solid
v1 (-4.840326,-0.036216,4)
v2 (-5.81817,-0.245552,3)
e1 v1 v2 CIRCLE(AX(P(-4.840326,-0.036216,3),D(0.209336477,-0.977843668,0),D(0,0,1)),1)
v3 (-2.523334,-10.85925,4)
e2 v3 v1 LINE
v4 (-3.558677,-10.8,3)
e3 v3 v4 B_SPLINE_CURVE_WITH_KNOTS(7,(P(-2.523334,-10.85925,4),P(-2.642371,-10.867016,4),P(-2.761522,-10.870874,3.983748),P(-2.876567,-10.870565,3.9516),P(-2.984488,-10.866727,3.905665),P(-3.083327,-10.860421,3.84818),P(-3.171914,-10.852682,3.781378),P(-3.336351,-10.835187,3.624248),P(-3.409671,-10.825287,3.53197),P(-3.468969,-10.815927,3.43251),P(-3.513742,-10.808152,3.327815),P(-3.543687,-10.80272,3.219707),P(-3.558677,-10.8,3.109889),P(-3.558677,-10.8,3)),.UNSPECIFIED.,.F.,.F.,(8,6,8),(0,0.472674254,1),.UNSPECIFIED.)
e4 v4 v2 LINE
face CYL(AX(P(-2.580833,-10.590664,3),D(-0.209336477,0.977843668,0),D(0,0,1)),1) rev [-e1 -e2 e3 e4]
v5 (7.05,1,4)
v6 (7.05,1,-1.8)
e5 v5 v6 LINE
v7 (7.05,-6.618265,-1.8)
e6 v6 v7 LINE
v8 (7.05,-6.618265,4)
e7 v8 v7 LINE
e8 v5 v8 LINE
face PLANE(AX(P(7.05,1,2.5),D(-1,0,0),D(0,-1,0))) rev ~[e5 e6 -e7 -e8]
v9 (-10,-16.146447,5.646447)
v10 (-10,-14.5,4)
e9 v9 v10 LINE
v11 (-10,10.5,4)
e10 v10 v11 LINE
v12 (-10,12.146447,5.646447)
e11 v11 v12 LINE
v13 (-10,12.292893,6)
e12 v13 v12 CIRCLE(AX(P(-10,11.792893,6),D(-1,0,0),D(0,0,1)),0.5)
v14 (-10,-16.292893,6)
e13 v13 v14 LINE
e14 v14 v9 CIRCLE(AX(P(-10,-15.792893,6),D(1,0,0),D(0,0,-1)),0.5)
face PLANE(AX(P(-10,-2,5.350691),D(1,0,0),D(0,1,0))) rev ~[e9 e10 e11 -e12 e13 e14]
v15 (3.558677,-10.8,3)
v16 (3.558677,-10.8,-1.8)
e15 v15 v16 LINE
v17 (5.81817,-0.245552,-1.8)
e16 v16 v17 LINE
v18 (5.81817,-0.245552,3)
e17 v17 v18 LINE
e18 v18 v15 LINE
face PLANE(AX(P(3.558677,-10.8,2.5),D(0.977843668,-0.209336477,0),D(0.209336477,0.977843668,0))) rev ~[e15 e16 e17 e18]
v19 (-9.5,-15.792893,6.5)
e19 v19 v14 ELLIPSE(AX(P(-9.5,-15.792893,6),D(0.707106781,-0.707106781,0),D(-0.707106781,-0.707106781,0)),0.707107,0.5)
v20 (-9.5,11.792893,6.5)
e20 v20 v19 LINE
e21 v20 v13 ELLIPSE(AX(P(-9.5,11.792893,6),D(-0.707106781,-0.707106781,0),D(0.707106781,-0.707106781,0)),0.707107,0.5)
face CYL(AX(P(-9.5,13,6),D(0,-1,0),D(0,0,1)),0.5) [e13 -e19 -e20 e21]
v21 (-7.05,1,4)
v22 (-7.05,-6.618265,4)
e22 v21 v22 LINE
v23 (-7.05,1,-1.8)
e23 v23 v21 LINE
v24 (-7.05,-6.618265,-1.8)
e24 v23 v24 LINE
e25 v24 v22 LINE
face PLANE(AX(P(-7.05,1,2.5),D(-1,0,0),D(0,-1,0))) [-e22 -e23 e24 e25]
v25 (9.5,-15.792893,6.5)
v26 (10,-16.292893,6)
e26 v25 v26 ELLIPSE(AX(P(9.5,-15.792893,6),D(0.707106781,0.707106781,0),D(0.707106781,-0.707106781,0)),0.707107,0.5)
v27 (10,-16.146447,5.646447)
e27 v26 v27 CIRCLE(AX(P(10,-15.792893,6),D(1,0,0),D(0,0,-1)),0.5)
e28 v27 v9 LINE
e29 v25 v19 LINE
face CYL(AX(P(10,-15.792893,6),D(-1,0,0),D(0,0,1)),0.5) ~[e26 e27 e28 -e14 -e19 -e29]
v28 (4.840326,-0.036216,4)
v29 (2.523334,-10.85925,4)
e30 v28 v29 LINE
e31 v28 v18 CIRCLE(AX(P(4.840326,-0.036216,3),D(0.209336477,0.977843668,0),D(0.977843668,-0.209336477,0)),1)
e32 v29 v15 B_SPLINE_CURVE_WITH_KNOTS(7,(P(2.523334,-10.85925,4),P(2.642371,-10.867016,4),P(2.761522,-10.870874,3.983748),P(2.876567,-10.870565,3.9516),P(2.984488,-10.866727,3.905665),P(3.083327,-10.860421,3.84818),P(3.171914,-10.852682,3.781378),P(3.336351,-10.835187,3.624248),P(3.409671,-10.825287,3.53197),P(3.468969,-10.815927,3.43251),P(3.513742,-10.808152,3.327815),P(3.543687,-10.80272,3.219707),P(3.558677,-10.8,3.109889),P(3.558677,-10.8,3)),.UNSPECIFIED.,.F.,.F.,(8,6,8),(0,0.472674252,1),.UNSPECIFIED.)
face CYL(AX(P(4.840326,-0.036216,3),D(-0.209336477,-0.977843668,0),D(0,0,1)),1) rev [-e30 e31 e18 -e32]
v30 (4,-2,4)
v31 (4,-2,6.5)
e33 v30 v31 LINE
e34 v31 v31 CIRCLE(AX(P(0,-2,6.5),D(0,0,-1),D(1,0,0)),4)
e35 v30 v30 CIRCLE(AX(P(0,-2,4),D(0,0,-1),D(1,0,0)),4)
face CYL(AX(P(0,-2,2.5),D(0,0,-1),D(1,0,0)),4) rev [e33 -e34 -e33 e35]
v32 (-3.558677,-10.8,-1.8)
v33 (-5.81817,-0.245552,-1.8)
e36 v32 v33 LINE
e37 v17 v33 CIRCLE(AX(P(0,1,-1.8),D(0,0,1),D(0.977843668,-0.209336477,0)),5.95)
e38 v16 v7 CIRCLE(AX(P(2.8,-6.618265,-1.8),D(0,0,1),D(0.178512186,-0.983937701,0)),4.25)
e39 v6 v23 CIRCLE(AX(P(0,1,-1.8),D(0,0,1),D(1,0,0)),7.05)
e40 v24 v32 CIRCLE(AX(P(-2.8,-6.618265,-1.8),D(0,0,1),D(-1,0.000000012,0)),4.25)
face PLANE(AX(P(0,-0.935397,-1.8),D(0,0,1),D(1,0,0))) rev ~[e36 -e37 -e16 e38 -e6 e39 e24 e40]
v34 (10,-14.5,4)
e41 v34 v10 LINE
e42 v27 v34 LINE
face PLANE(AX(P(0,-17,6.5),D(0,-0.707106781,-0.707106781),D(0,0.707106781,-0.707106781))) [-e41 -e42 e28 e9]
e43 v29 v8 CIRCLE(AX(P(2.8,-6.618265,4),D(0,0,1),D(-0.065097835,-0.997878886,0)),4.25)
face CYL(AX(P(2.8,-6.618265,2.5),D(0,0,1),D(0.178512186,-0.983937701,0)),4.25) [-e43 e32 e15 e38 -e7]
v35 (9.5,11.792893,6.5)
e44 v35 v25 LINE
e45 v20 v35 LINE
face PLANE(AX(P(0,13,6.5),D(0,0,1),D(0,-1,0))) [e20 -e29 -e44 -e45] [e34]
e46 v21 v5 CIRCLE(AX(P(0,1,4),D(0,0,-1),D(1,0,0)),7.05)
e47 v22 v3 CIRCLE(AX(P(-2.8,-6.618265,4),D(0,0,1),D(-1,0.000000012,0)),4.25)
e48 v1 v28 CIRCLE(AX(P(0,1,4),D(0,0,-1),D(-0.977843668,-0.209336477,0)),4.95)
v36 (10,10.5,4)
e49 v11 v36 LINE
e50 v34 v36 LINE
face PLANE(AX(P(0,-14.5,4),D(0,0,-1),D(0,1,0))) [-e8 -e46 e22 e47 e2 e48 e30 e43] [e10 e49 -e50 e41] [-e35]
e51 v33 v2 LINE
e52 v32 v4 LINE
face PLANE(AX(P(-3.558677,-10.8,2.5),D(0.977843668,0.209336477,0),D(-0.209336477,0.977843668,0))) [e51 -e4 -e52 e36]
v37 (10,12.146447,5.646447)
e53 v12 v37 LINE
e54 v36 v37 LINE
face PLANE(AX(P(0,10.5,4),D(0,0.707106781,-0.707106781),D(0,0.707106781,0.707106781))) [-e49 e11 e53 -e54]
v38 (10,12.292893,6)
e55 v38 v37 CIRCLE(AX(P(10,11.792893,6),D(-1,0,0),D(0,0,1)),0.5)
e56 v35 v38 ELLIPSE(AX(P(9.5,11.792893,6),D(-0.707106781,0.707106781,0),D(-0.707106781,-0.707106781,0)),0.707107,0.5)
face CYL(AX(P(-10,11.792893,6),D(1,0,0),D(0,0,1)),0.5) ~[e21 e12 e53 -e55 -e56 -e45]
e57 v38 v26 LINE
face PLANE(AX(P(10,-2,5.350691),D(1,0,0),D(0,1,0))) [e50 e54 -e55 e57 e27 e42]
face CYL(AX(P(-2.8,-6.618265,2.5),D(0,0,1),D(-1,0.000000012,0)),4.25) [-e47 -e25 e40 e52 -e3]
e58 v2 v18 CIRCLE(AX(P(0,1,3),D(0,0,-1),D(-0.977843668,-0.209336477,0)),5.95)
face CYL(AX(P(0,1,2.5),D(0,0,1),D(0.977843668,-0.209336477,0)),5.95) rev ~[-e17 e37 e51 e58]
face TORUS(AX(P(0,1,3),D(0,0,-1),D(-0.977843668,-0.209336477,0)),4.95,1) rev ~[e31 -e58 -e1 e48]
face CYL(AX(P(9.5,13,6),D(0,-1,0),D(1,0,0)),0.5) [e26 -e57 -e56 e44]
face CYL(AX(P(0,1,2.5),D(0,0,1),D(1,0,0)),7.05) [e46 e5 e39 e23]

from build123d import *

# Parameters (mm, degrees)
PAD032_DEPTH         = 10
PAD033_DEPTH         = 2.5
PAD033_DEPTH_BACK    = 4.3
FILLET011_R          = 0.5
FILLET012_R          = 1
SKETCH084_R          = 4
POCKET025_DEPTH      = 4.3010001
POCKET025_DEPTH_BACK = 4.001


with BuildPart() as part:
    # Sketch070 → Pad032 (new body, symmetric)
    with BuildSketch(Plane.YZ):
        Polygon((-12.5, 1.5), (12.5, 1.5), (15, 4), (-15, 4), align=None)
    extrude(amount=PAD032_DEPTH, both=True)

    # Sketch071 → Pad033 (join, two sides)
    with BuildSketch(Plane(origin=(0, 3, 0), x_dir=(1, 0, 0), z_dir=(0, 0, 1))) as pad033_sk:
        with BuildLine():
            ThreePointArc((7.05, 0), (0, 7.05), (-7.05, 0))
            Line((-7.05, 0), (-7.05, -7.61826472))
            ThreePointArc((-7.05, -7.61826472), (-6.0624282805, -10.3420602319), (-3.5586767903, -11.8))
            Line((-3.5586767903, -11.8), (-5.8181698251, -1.2455520409))
            ThreePointArc((5.8181698251, -1.2455520409), (0, 5.95), (-5.8181698251, -1.2455520409))
            Line((3.5586767903, -11.8), (5.8181698251, -1.2455520409))
            ThreePointArc((3.5586767903, -11.8), (6.0624283063, -10.342060201), (7.05, -7.6182646394))
            Line((7.05, 0), (7.05, -7.6182646394))
        make_face()
    extrude(amount=PAD033_DEPTH)
    extrude(pad033_sk.sketch, amount=-PAD033_DEPTH_BACK)

    # Fillet011
    fillet011_edges = [part.edges().sort_by_distance(p)[0] for p in [
        (0, 15, 4),
        (0, -15, 4),
        (-10, 0, 4),
        (10, 0, 4),
    ]]
    fillet(fillet011_edges, radius=FILLET011_R)

    # Fillet012
    fillet012_edges = [part.edges().sort_by_distance(p)[0] for p in [
        (0, 8.95, 1.5),
    ]]
    fillet(fillet012_edges, radius=FILLET012_R)

    # Sketch084 → Pocket025 (cut, two sides)
    with BuildSketch(Plane.XY) as pocket025_sk:
        Circle(SKETCH084_R)
    extrude(amount=-POCKET025_DEPTH, mode=Mode.SUBTRACT)
    extrude(pocket025_sk.sketch, amount=POCKET025_DEPTH_BACK, mode=Mode.SUBTRACT)


with BuildPart() as part_1:
    # Body023 placement: moved
    add(part.part.moved(Location((0, -2, 2.5))))


solid = part_1.part
